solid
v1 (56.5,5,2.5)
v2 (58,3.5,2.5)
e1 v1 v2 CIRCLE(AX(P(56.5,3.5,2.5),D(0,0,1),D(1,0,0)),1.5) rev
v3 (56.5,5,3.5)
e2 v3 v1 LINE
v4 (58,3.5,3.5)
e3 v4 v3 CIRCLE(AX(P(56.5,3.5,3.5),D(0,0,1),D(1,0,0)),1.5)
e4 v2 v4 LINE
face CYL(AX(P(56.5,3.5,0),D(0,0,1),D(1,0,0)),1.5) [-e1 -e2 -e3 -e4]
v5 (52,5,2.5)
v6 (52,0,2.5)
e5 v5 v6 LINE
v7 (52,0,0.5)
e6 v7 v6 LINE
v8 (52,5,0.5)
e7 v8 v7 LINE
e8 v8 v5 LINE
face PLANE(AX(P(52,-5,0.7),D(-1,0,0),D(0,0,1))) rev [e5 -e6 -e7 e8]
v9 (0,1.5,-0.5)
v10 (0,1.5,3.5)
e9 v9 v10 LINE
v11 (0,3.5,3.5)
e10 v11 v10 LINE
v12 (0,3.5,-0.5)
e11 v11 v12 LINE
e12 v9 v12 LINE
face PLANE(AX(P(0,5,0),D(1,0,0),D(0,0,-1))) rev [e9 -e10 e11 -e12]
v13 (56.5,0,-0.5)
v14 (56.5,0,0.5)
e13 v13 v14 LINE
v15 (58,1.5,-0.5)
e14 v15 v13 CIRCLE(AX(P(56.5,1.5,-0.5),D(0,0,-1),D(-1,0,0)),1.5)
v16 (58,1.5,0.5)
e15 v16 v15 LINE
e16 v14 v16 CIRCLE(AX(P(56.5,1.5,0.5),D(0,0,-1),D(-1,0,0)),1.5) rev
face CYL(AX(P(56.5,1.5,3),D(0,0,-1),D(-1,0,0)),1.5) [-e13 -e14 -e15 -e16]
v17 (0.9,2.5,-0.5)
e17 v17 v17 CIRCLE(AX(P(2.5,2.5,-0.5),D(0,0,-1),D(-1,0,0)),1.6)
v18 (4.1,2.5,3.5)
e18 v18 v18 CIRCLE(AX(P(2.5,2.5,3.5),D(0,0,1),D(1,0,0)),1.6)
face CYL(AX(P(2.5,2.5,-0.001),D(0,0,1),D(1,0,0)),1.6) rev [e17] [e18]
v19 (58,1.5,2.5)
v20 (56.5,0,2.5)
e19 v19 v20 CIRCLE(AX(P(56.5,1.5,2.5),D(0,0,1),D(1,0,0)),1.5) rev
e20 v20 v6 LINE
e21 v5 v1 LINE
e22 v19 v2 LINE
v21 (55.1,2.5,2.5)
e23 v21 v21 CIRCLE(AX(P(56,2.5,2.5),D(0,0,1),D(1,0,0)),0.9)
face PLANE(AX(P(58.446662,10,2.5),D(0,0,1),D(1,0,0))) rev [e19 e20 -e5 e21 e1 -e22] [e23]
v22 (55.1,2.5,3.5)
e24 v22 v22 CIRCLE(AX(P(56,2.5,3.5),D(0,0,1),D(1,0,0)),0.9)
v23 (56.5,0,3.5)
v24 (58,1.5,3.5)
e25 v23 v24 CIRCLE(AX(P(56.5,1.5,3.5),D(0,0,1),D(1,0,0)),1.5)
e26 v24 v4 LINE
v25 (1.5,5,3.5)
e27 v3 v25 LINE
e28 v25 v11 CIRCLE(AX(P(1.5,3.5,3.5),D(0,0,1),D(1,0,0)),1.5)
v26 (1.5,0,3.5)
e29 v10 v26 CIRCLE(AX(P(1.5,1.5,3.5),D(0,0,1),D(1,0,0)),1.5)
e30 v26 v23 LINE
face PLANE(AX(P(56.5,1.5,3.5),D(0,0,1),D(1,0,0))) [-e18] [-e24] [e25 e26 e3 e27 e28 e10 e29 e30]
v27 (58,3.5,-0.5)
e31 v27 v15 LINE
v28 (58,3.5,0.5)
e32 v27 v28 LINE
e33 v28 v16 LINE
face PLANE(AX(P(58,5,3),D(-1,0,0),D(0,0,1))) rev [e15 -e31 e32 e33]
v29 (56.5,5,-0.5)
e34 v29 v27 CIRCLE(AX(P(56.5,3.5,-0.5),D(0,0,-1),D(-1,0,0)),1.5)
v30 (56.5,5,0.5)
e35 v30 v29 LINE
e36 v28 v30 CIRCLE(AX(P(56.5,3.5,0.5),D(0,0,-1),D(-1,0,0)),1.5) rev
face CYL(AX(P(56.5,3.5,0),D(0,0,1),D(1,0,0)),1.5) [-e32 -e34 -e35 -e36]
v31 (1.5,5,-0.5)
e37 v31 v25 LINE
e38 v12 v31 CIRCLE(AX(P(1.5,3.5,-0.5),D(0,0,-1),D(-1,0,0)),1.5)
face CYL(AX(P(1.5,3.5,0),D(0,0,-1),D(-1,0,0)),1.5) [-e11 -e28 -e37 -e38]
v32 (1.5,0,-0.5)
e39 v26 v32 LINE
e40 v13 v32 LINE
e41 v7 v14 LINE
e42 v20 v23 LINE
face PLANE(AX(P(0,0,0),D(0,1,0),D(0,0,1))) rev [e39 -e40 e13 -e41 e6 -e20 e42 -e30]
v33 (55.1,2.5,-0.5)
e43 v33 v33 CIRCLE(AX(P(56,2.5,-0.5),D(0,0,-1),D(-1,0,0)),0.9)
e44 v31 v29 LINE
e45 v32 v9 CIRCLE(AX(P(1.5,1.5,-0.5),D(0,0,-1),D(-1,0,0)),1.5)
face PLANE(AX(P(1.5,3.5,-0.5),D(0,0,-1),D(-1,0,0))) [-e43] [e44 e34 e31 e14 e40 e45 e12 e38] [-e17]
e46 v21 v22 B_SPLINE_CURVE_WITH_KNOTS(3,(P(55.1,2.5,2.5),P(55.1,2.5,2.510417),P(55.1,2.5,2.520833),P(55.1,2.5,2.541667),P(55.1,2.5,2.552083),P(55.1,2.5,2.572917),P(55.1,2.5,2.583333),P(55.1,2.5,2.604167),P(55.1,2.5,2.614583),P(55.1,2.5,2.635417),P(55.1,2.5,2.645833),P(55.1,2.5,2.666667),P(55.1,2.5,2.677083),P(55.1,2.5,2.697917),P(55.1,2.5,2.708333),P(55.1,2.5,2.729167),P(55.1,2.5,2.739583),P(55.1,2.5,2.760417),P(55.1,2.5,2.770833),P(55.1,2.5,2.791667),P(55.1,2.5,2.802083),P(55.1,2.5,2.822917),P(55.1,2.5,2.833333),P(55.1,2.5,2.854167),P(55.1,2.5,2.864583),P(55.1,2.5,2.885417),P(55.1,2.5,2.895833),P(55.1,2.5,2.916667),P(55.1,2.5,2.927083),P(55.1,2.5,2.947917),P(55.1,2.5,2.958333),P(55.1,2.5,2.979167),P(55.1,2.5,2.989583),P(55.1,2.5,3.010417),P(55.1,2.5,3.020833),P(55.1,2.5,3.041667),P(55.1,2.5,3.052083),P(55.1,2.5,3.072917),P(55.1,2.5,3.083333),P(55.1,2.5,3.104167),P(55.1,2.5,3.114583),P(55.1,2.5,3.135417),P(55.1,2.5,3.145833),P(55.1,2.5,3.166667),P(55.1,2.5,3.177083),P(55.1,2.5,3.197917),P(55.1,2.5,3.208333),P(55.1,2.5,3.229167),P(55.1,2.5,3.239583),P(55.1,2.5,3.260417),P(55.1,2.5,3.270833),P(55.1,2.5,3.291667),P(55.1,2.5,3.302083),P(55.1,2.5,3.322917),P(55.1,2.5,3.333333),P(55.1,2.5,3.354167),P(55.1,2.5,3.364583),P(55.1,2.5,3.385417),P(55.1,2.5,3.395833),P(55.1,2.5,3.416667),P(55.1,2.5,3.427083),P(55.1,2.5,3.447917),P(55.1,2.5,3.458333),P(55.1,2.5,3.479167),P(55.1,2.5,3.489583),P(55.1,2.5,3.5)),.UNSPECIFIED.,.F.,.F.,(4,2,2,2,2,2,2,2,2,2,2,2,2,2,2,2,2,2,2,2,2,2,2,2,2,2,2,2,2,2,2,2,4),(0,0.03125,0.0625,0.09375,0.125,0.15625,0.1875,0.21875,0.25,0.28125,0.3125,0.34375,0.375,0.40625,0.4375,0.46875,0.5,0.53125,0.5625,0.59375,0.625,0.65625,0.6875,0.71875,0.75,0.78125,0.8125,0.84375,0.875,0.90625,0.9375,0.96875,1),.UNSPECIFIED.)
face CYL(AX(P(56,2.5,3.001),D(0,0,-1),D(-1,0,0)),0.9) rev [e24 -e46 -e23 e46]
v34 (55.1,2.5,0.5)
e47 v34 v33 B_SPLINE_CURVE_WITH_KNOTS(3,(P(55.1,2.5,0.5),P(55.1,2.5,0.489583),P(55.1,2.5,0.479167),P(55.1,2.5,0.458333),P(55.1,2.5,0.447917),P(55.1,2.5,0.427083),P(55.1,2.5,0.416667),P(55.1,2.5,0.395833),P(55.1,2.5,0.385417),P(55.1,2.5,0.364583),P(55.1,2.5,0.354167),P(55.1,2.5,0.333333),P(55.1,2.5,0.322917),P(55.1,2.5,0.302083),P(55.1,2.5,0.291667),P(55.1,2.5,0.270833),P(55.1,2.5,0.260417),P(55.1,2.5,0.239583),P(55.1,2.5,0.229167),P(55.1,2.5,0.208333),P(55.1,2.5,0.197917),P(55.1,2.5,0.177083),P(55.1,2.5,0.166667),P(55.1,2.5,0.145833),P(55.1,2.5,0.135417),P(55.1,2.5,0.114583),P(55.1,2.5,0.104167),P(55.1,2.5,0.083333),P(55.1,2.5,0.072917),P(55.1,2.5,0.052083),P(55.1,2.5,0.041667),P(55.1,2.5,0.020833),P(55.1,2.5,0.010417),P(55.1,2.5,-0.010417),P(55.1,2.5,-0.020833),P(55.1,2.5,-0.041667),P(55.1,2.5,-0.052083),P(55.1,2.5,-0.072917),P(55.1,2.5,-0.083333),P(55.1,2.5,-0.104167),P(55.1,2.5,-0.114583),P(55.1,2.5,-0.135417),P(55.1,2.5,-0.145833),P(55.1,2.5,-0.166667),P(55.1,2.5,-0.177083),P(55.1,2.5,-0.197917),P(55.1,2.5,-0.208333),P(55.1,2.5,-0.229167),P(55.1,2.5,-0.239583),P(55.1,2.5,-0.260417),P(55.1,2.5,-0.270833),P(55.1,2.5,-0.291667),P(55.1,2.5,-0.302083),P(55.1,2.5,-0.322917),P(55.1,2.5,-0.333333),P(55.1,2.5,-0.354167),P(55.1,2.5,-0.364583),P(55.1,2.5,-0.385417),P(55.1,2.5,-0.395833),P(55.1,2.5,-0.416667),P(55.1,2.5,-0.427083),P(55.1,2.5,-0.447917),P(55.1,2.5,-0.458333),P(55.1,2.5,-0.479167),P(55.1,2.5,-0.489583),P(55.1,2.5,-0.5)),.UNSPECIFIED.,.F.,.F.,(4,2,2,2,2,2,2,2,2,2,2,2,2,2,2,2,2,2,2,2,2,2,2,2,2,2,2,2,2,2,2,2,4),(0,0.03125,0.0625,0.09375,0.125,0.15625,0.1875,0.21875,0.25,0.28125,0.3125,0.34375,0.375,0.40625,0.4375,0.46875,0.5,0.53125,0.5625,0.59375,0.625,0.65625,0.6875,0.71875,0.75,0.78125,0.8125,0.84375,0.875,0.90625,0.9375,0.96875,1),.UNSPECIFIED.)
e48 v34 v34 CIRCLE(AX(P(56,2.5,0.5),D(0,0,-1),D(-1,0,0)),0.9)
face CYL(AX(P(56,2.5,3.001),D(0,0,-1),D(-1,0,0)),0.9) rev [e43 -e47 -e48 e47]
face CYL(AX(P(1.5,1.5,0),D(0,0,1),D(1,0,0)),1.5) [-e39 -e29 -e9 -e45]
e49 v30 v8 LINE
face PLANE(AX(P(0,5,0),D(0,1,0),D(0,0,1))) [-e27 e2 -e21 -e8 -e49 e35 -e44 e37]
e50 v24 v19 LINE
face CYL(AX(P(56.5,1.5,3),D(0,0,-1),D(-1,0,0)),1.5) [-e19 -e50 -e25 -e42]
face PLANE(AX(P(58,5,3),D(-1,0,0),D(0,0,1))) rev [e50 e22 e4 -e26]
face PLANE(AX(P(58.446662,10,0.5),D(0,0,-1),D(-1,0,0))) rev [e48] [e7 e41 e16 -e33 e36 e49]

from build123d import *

# Parameters (mm, degrees)
SKETCH_5_W          = 58
SKETCH_5_H          = 3
EXTRUDE_1_DEPTH     = 5
CUT_EXTRUDE_1_REACH = 60.292
SKETCH_6_R          = 1.6
CUT_EXTRUDE_2_REACH = 60.292
SKETCH_7_R          = 0.9
FILLET_1_R          = 1.5
SKETCH_8_W          = 6
SKETCH_8_H          = 1.6
CUT_EXTRUDE_3_DEPTH = 10
SKETCH_10_R         = 1.6
SKETCH_10_R_2       = 0.9
EXTRUDE_2_DEPTH     = 0.5
EXTRUDE_START       = 0.5
SKETCH_11_R         = 0.9
SKETCH_11_R_2       = 1.6
EXTRUDE_3_DEPTH     = 0.5
SKETCH_12_W         = 6.44666191
SKETCH_12_H         = 2
CUT_EXTRUDE_4_DEPTH = 10


with BuildPart() as part:
    # 草图5 → 凸台-拉伸1 (new body)
    with BuildSketch(Plane(origin=(0, 0, 0), x_dir=(1, 0, 0), z_dir=(0, 1, 0))):
        with Locations((29, -1.5)):
            Rectangle(SKETCH_5_W, SKETCH_5_H)
    extrude(amount=EXTRUDE_1_DEPTH)

    # 草图6 → 切除-拉伸1 (cut, up to next)
    with BuildSketch(Plane.XY.offset(3), mode=Mode.PRIVATE) as cut_extrude_1_sk1:
        with Locations((2.5, 2.5)):
            Circle(SKETCH_6_R)
    cut_extrude_1_tool1 = extrude(cut_extrude_1_sk1.sketch, amount=-CUT_EXTRUDE_1_REACH, mode=Mode.PRIVATE) & part.part
    add(cut_extrude_1_tool1.solids().sort_by_distance((2.5, 2.5, 3))[0], mode=Mode.SUBTRACT)

    # 草图7 → 切除-拉伸2 (cut, up to next)
    with BuildSketch(Plane.XY, mode=Mode.PRIVATE) as cut_extrude_2_sk1:
        with Locations(Location((56, 2.5, 0), (0, 0, 180))):
            Circle(SKETCH_7_R)
    cut_extrude_2_tool1 = extrude(cut_extrude_2_sk1.sketch, amount=CUT_EXTRUDE_2_REACH, mode=Mode.PRIVATE) & part.part
    add(cut_extrude_2_tool1.solids().sort_by_distance((56, 2.5, 0))[0], mode=Mode.SUBTRACT)

    # 圆角1
    fillet_1_edges = [part.edges().sort_by_distance(p)[0] for p in [
        (58, 5, 1.5),
        (58, 0, 1.5),
        (0, 0, 1.5),
        (0, 5, 1.5),
    ]]
    fillet(fillet_1_edges, radius=FILLET_1_R)

    # 草图8 → 切除-拉伸3 (cut)
    with BuildSketch(Plane(origin=(0, 5, 0), x_dir=(1, 0, 0), z_dir=(0, 1, 0))):
        with Locations((55, -1.5)):
            Rectangle(SKETCH_8_W, SKETCH_8_H)
    extrude(amount=-CUT_EXTRUDE_3_DEPTH, mode=Mode.SUBTRACT)

    # 草图10 → 凸台-拉伸2 (add)
    with BuildSketch(Plane.XY.offset(3)):
        with BuildLine():
            Line((58, 1.5), (58, 3.5))
            ThreePointArc((58, 3.5), (57.560660172, 4.560660172), (56.5, 5))
            Line((56.5, 5), (1.5, 5))
            ThreePointArc((1.5, 5), (0.439339828, 4.560660172), (0, 3.5))
            Line((0, 3.5), (0, 1.5))
            ThreePointArc((0, 1.5), (0.439339828, 0.439339828), (1.5, 0))
            Line((1.5, 0), (56.5, 0))
            ThreePointArc((56.5, 0), (57.560660172, 0.439339828), (58, 1.5))
        make_face()
        with Locations((2.5, 2.5)):
            Circle(SKETCH_10_R, mode=Mode.SUBTRACT)
        with Locations(Location((56, 2.5, 0), (0, 0, 180))):
            Circle(SKETCH_10_R_2, mode=Mode.SUBTRACT)
    extrude(amount=EXTRUDE_2_DEPTH)

    # 草图11 → 凸台-拉伸3 (add)
    with BuildSketch(Plane(origin=(0, 0, 0), x_dir=(-1, 0, 0), z_dir=(0, 0, -1)).offset(EXTRUDE_START)):
        with BuildLine():
            Line((-1.5, 5), (-56.5, 5))
            ThreePointArc((-56.5, 5), (-57.560660172, 4.560660172), (-58, 3.5))
            Line((-58, 3.5), (-58, 1.5))
            ThreePointArc((-58, 1.5), (-57.560660172, 0.439339828), (-56.5, 0))
            Line((-56.5, 0), (-1.5, 0))
            ThreePointArc((-1.5, 0), (-0.439339828, 0.439339828), (0, 1.5))
            Line((0, 1.5), (0, 3.5))
            ThreePointArc((0, 3.5), (-0.439339828, 4.560660172), (-1.5, 5))
        make_face()
        with Locations((-56, 2.5)):
            Circle(SKETCH_11_R, mode=Mode.SUBTRACT)
        with Locations(Location((-2.5, 2.5, 0), (0, 0, 180))):
            Circle(SKETCH_11_R_2, mode=Mode.SUBTRACT)
    extrude(amount=-EXTRUDE_3_DEPTH)

    # 草图12 → 切除-拉伸4 (cut)
    with BuildSketch(Plane.XZ):
        with Locations((55.223330955, 1.5)):
            Rectangle(SKETCH_12_W, SKETCH_12_H)
    extrude(amount=-CUT_EXTRUDE_4_DEPTH, mode=Mode.SUBTRACT)


solid = part.part
